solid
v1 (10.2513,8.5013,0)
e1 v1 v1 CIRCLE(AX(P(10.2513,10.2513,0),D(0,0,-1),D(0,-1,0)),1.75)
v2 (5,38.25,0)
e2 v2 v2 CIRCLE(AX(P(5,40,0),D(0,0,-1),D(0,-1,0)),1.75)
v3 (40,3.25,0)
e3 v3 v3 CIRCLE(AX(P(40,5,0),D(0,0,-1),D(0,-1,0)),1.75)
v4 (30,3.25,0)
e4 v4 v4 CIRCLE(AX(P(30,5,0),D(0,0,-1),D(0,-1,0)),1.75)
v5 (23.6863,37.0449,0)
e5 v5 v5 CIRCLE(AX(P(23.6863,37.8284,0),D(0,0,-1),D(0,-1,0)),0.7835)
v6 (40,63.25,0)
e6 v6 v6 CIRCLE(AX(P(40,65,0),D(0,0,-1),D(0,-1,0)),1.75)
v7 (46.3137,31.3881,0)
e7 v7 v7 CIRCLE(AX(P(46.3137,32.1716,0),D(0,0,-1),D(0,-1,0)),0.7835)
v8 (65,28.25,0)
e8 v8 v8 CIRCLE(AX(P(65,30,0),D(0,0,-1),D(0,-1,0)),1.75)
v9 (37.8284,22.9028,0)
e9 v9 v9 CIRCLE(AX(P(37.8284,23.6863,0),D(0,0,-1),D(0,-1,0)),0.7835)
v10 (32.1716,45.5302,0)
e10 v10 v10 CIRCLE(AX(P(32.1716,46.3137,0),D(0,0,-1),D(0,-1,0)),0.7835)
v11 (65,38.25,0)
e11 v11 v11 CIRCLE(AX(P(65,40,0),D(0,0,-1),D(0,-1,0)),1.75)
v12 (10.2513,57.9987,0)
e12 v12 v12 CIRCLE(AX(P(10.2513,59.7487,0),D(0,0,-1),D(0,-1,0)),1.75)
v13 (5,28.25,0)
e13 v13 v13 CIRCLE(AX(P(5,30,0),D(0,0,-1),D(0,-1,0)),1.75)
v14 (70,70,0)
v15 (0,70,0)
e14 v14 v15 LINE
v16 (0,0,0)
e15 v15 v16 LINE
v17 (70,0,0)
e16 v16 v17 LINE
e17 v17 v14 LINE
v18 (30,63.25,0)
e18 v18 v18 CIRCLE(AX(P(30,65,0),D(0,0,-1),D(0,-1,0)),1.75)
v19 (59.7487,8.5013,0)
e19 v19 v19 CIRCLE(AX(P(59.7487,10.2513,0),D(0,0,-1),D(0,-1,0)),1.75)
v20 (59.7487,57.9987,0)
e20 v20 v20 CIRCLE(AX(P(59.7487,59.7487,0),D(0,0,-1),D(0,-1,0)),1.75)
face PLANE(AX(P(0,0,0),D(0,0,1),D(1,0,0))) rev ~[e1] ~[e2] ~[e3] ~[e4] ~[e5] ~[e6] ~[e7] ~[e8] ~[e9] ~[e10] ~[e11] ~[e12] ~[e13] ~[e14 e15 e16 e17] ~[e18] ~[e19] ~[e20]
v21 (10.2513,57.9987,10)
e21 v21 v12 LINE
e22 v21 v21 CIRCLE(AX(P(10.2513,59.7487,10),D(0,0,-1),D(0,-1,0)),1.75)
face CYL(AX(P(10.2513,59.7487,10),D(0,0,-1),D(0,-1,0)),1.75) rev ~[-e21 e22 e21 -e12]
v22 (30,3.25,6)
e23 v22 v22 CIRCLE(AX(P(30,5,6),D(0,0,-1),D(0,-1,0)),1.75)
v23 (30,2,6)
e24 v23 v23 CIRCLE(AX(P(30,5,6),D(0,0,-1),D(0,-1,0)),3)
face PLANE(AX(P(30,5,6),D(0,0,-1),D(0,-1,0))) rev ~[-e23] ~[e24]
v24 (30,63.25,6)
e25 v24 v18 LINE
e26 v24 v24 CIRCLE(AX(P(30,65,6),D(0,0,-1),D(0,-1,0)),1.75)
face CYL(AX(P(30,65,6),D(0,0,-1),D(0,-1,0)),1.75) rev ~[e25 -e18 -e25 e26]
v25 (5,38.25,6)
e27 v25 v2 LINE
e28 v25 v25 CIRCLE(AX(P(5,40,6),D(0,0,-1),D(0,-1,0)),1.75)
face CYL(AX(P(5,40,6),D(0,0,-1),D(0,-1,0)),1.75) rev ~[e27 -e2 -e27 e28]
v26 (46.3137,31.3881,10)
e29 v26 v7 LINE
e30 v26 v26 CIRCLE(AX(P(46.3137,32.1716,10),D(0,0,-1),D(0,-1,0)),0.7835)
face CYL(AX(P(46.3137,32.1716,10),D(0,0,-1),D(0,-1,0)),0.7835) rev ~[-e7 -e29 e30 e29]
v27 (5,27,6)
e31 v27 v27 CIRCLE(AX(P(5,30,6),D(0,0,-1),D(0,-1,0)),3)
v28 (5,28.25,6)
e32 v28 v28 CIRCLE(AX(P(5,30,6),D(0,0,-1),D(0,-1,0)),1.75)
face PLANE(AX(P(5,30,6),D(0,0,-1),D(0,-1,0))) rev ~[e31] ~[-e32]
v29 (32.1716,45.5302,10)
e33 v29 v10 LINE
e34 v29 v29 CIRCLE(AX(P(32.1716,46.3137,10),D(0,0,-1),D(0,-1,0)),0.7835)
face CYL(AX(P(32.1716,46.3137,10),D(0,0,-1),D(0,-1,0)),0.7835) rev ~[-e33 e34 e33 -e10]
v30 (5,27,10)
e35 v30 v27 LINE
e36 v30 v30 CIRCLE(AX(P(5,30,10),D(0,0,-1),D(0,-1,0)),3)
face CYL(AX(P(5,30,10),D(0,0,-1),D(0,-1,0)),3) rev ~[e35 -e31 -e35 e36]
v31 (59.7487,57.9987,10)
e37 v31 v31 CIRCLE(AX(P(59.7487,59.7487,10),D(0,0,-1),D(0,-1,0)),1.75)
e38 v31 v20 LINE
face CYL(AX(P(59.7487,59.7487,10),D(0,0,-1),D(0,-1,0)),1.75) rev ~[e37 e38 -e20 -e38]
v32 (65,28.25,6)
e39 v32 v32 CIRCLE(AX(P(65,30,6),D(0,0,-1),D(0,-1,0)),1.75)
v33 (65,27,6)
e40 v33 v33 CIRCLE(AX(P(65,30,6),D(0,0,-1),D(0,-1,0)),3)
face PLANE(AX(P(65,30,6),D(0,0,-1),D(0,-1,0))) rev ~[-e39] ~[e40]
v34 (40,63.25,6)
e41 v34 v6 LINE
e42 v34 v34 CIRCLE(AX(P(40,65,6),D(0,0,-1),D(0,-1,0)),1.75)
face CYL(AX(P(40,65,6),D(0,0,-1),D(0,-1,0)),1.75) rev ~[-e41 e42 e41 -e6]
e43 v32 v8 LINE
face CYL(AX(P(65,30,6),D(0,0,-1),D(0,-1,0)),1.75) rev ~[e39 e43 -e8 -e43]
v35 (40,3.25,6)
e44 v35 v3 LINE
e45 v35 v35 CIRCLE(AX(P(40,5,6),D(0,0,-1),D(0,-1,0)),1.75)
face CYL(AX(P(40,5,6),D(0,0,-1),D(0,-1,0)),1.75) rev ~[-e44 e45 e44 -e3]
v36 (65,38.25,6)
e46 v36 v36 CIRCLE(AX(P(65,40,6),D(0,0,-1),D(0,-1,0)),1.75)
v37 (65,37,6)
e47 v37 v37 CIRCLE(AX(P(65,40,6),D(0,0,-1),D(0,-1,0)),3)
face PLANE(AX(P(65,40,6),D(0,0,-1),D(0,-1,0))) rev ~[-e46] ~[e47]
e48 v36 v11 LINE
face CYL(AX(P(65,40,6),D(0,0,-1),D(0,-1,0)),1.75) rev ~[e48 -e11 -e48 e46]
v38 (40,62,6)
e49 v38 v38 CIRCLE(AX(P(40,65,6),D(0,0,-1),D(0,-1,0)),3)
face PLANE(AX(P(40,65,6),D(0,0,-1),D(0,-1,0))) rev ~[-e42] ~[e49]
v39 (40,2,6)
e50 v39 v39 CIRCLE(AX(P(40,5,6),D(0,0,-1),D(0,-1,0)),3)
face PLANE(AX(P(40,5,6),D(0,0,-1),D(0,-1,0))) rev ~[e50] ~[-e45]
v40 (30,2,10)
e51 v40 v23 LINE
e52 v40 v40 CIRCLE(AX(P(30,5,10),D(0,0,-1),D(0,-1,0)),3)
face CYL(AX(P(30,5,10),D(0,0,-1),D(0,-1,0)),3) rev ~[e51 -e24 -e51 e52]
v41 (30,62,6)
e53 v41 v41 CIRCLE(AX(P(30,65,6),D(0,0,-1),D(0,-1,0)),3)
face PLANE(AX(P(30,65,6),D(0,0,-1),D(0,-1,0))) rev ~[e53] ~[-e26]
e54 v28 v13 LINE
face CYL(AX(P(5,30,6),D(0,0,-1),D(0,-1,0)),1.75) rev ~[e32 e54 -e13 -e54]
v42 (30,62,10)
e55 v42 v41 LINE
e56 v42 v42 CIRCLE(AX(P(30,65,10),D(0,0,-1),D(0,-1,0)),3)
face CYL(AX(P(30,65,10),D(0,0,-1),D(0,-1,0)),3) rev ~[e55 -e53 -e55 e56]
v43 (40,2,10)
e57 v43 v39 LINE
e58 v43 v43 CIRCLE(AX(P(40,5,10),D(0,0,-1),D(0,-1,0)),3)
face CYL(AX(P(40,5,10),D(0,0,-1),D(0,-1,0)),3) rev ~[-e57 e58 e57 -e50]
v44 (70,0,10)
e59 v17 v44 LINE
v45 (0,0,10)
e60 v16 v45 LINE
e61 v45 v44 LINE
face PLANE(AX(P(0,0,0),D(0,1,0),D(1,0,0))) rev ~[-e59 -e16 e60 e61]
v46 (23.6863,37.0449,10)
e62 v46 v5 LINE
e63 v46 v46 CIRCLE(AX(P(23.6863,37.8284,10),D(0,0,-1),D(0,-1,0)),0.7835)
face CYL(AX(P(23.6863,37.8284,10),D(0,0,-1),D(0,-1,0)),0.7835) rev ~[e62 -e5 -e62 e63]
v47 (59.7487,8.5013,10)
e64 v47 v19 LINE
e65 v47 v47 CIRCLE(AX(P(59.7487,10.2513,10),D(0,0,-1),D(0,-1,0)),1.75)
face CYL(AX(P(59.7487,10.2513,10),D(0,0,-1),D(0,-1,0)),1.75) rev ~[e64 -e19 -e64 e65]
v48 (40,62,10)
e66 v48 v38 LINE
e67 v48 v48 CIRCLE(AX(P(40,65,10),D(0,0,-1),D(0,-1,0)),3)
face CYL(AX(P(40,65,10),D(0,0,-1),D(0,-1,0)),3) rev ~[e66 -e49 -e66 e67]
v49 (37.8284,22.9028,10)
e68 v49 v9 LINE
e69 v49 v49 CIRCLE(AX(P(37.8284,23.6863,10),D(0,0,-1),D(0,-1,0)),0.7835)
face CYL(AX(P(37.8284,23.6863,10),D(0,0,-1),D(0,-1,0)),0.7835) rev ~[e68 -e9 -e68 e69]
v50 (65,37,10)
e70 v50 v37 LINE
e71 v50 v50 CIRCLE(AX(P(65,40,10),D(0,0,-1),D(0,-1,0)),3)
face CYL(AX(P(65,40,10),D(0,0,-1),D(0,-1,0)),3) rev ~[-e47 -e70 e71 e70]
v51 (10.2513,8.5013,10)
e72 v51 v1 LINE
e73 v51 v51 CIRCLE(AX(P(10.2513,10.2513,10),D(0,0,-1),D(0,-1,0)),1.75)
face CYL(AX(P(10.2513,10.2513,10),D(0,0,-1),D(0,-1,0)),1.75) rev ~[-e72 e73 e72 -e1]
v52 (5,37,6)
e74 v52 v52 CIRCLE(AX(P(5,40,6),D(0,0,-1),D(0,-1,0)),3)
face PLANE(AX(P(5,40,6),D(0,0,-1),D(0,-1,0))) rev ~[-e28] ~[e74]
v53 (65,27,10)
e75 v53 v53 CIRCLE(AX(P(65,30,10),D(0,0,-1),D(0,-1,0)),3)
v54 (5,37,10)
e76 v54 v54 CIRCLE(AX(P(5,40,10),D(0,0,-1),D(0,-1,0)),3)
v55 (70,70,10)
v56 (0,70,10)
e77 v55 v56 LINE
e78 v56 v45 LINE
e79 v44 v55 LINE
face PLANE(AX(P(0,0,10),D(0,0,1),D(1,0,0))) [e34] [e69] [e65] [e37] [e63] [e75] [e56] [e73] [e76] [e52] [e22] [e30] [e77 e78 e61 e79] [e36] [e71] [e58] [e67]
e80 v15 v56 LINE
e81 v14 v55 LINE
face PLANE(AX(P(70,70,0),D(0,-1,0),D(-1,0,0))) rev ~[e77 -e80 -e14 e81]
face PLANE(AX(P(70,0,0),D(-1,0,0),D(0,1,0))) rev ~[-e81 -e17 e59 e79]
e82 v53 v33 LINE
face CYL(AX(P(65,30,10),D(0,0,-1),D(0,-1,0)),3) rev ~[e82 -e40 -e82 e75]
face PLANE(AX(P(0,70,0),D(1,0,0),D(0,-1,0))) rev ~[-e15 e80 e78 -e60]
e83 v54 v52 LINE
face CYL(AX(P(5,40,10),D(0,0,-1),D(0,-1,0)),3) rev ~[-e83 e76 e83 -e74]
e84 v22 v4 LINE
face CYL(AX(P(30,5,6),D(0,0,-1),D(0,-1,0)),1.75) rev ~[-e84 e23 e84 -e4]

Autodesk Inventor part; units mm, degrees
ref_plane "YZ Plane" through (0, 0, 0) normal (1, 0, 0) x (0, 1, 0)
ref_plane "XZ Plane" through (0, 0, 0) normal (0, 1, 0) x (-1, 0, 0)
ref_plane "XY Plane" through (0, 0, 0) normal (0, 0, 1) x (1, 0, 0)
sketch "スケッチ1" plane through (0, 0, 0) normal (0, 0, 1) x (1, 0, 0)
  line L0 (0, 0) -> (70, 0)
  line L1 (70, 0) -> (70, 70)
  line L2 (70, 70) -> (0, 70)
  line L3 (0, 70) -> (0, 0)
  dimension "d0" = 70
  dimension "d1" = 70
extrude "押し出し1" add sketch "スケッチ1" along normal blind 10
sketch "スケッチ2" plane through (0, 0, 10) normal (0, 0, 1) x (1, 0, 0)
  line L0 (70, 70) -> (0, 70) projected
  line L1 (70, 0) -> (70, 70) projected
  line L2 (0, 0) -> (70, 0) projected
  line L3 (35, 70) -> (35, 0)
  point P0 (40, 65)
  point P1 (65, 40)
  point P2 (65, 30)
  point P3 (40, 5)
  point P4 (30, 65)
  point P5 (5, 40)
  point P6 (5, 30)
  point P7 (30, 5)
  dimension "d4" = 5
  dimension "d5" = 5
  dimension "d6" = 5
  dimension "d7" = 5
  dimension "d8" = 30
  dimension "d9" = 30
  dimension "d10" = 30
  dimension "d11" = 30
hole "穴1" at (40, 65, 10) at (65, 40, 10) at (65, 30, 10) at (40, 5, 10) at (30, 65, 10) at (5, 40, 10) at (5, 30, 10) at (30, 5, 10) direction (0, 0, -1) diameter 3.5 end through all counterbore diameter 6 counterbore depth 4
sketch "スケッチ10" plane through (0, 0, 10) normal (0, 0, 1) x (1, 0, 0)
  line L0 (0, 70) -> (0, 0) projected
  line L1 (70, 70) -> (0, 70) projected
  line L2 (0, 0) -> (70, 70)
  line L3 (70, 0) -> (70, 70) projected
  line L4 (70, 0) -> (0, 70)
  point P0 (10.2513, 59.7487)
  point P1 (59.7487, 10.2513)
  point P2 (10.2513, 10.2513)
  point P3 (59.7487, 59.7487)
  dimension "d41" = 70
  dimension "d42" = 70
hole "穴3" at (10.2513, 59.7487, 10) at (59.7487, 10.2513, 10) at (10.2513, 10.2513, 10) at (59.7487, 59.7487, 10) direction (0, 0, -1) diameter 3.5 end through all
sketch "スケッチ13" plane through (0, 0, 10) normal (0, 0, 1) x (1, 0, 0)
  line L0 (0, 70) -> (0, 0) projected
  line L1 (0, 0) -> (70, 0) projected
  line L2 (0, 70) -> (70, 0)
  line L3 (70, 70) -> (0, 70) projected
  line L4 (70, 70) -> (0, 0)
  point P0 (23.6863, 37.8284)
  point P1 (37.8284, 23.6863)
  point P2 (32.1716, 46.3137)
  point P3 (46.3137, 32.1716)
  dimension "d85" = 12
  dimension "d86" = 20
  dimension "d89" = 20
  dimension "d92" = 12
hole "穴6" at (23.6863, 37.8284, 10) at (37.8284, 23.6863, 10) at (32.1716, 46.3137, 10) at (46.3137, 32.1716, 10) direction (0, 0, -1) diameter 1.567 end through all thread size "M2x0.4" class "6H" standard "ISO Metric profile"
properties part number "土台"
